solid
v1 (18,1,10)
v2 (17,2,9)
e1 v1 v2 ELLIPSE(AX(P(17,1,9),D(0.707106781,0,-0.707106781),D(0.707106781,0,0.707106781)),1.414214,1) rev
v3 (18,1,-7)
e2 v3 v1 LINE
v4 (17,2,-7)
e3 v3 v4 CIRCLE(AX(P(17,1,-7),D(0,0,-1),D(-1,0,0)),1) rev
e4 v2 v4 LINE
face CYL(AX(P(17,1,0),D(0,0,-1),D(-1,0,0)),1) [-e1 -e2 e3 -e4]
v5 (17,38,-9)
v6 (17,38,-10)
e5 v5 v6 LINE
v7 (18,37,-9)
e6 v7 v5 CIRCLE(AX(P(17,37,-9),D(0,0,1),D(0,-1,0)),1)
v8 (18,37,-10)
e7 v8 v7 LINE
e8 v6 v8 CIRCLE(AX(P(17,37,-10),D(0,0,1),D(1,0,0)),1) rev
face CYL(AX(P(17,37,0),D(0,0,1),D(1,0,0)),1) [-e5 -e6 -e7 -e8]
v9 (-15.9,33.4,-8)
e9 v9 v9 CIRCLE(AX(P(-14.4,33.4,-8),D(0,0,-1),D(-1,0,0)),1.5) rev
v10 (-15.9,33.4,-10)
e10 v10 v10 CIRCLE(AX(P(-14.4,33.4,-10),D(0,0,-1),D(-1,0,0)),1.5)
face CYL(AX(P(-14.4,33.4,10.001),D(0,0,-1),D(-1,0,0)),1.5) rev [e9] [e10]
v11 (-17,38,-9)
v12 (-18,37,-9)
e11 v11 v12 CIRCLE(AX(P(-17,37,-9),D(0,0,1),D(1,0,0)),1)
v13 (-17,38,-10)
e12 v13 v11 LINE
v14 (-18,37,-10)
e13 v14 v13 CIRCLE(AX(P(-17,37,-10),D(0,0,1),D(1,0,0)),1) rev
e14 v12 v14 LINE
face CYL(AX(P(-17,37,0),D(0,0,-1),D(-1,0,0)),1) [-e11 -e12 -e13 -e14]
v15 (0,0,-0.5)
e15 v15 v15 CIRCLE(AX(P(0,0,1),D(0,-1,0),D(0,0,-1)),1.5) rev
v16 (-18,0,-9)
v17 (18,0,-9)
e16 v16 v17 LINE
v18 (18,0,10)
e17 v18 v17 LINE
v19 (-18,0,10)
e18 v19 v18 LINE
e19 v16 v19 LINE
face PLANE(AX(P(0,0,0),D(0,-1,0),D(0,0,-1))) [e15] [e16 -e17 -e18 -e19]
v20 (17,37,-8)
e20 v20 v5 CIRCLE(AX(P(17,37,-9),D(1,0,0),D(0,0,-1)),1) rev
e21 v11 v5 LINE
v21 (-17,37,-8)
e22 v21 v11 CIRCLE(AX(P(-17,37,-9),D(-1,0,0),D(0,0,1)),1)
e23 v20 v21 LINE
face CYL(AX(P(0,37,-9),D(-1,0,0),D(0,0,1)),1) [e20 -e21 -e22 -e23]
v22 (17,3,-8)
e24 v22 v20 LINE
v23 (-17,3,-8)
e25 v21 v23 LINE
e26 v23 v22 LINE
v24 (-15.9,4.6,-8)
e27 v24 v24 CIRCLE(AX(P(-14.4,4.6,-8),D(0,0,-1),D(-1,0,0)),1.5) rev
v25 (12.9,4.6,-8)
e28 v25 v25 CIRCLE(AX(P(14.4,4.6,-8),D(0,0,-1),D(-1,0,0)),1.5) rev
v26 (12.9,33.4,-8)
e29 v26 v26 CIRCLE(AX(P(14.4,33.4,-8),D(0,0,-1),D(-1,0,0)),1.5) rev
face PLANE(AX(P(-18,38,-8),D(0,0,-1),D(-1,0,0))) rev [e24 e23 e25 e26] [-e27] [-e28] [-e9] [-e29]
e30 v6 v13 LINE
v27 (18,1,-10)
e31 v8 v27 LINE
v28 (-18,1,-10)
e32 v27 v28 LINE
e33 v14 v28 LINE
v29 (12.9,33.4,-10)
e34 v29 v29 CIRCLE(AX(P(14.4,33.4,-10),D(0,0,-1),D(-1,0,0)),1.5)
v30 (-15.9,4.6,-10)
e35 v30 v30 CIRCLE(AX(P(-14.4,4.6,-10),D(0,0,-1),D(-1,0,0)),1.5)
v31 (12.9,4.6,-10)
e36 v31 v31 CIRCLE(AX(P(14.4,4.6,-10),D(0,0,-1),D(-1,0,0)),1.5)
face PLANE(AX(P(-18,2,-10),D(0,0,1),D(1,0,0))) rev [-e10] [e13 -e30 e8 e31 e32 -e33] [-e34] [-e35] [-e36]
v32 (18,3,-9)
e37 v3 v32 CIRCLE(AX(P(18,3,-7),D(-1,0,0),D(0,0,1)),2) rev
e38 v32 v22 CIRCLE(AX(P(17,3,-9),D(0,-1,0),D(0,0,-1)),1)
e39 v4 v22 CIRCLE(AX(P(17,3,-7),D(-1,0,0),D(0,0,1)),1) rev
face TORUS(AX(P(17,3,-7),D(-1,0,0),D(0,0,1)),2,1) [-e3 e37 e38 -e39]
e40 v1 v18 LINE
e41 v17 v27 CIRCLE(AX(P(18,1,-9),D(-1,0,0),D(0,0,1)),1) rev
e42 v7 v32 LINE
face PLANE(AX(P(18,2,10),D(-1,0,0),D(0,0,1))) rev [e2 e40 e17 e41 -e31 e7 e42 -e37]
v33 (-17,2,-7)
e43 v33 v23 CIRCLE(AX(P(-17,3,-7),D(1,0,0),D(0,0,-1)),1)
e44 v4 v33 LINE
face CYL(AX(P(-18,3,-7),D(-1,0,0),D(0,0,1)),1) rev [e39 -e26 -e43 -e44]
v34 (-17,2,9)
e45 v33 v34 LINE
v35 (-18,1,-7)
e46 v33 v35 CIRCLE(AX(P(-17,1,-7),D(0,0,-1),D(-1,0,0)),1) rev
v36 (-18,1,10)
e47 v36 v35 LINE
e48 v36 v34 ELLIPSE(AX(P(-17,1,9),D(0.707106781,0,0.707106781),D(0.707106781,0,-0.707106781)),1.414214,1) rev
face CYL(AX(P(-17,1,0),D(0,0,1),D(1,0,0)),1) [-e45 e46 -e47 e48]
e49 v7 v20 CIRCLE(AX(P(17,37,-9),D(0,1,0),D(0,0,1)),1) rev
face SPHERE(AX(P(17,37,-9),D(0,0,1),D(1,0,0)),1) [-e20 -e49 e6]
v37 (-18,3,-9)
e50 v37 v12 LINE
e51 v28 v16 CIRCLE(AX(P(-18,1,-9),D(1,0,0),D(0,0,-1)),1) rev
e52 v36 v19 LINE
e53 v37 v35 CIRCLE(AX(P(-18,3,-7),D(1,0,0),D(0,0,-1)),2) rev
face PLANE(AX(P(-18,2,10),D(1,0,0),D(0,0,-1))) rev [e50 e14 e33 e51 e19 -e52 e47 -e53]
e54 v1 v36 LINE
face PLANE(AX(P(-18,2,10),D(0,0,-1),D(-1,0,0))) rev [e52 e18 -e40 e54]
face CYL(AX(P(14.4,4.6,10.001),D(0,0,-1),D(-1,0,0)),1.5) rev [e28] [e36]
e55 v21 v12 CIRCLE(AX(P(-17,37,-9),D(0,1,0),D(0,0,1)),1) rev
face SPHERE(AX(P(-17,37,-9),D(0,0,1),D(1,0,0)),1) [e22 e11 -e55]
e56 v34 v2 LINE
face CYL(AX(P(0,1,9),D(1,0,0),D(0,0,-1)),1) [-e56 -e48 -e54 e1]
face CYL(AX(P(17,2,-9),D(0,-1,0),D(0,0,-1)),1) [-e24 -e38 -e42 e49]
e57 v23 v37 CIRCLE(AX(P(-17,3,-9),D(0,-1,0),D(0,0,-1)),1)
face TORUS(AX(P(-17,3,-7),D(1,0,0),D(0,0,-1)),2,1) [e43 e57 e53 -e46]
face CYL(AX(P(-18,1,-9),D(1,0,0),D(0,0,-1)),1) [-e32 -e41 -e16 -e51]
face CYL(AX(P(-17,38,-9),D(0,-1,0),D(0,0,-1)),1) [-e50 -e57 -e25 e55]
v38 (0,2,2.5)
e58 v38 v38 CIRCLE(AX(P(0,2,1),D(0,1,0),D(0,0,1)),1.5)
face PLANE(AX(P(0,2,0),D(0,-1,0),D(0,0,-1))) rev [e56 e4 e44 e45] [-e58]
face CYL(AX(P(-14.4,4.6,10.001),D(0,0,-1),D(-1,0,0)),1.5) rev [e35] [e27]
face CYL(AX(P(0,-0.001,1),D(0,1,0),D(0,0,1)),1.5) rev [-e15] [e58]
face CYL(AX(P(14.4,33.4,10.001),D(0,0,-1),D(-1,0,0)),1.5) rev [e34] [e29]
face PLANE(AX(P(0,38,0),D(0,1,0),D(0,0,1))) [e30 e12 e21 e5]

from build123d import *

# Parameters (mm, degrees)
SKETCH1_W           = 36
SKETCH1_H           = 20
BOSS_EXTRUDE1_DEPTH = 2
SKETCH2_W           = 36
SKETCH2_H           = 2
BOSS_EXTRUDE2_DEPTH = 36
CUT_EXTRUDE1_REACH  = 48.562
SKETCH3_R           = 1.5
CUT_EXTRUDE3_REACH  = 43.473
SKETCH4_R           = 1.5
FILLET1_R           = 1


with BuildPart() as part:
    # Sketch1 → Boss-Extrude1 (new body)
    with BuildSketch(Plane(origin=(0, 0, 0), x_dir=(1, 0, 0), z_dir=(0, 1, 0))):
        Rectangle(SKETCH1_W, SKETCH1_H)
    extrude(amount=BOSS_EXTRUDE1_DEPTH)

    # Sketch2 → Boss-Extrude2 (add)
    with BuildSketch(Plane(origin=(0, 2, 0), x_dir=(1, 0, 0), z_dir=(0, 1, 0))):
        with Locations((0, 9)):
            Rectangle(SKETCH2_W, SKETCH2_H)
    extrude(amount=BOSS_EXTRUDE2_DEPTH)

    # Sketch3 → Cut-Extrude1 (cut, up to next)
    with BuildSketch(Plane(origin=(0, 0, -10), x_dir=(-1, 0, 0), z_dir=(0, 0, -1)), mode=Mode.PRIVATE) as cut_extrude1_sk1:
        with Locations((-14.4, 33.4)):
            Circle(SKETCH3_R)
    cut_extrude1_tool1 = extrude(cut_extrude1_sk1.sketch, amount=-CUT_EXTRUDE1_REACH, mode=Mode.PRIVATE) & part.part
    # Sketch3 → Cut-Extrude1 (cut, up to next)
    with BuildSketch(Plane(origin=(0, 0, -10), x_dir=(-1, 0, 0), z_dir=(0, 0, -1)), mode=Mode.PRIVATE) as cut_extrude1_sk2:
        with Locations((14.4, 33.4)):
            Circle(SKETCH3_R)
    cut_extrude1_tool2 = extrude(cut_extrude1_sk2.sketch, amount=-CUT_EXTRUDE1_REACH, mode=Mode.PRIVATE) & part.part
    # Sketch3 → Cut-Extrude1 (cut, up to next)
    with BuildSketch(Plane(origin=(0, 0, -10), x_dir=(-1, 0, 0), z_dir=(0, 0, -1)), mode=Mode.PRIVATE) as cut_extrude1_sk3:
        with Locations((14.4, 4.6)):
            Circle(SKETCH3_R)
    cut_extrude1_tool3 = extrude(cut_extrude1_sk3.sketch, amount=-CUT_EXTRUDE1_REACH, mode=Mode.PRIVATE) & part.part
    # Sketch3 → Cut-Extrude1 (cut, up to next)
    with BuildSketch(Plane(origin=(0, 0, -10), x_dir=(-1, 0, 0), z_dir=(0, 0, -1)), mode=Mode.PRIVATE) as cut_extrude1_sk4:
        with Locations((-14.4, 4.6)):
            Circle(SKETCH3_R)
    cut_extrude1_tool4 = extrude(cut_extrude1_sk4.sketch, amount=-CUT_EXTRUDE1_REACH, mode=Mode.PRIVATE) & part.part
    add(cut_extrude1_tool1.solids().sort_by_distance((14.4, 33.4, -10))[0], mode=Mode.SUBTRACT)
    add(cut_extrude1_tool2.solids().sort_by_distance((-14.4, 33.4, -10))[0], mode=Mode.SUBTRACT)
    add(cut_extrude1_tool3.solids().sort_by_distance((-14.4, 4.6, -10))[0], mode=Mode.SUBTRACT)
    add(cut_extrude1_tool4.solids().sort_by_distance((14.4, 4.6, -10))[0], mode=Mode.SUBTRACT)

    # Sketch4 → Cut-Extrude3 (cut, up to next)
    with BuildSketch(Plane(origin=(0, 2, 0), x_dir=(1, 0, 0), z_dir=(0, 1, 0)), mode=Mode.PRIVATE) as cut_extrude3_sk1:
        with Locations(Location((0, -1, 0), (0, 0, 270))):
            Circle(SKETCH4_R)
    cut_extrude3_tool1 = extrude(cut_extrude3_sk1.sketch, amount=-CUT_EXTRUDE3_REACH, mode=Mode.PRIVATE) & part.part
    add(cut_extrude3_tool1.solids().sort_by_distance((0, 2, 1))[0], mode=Mode.SUBTRACT)

    # Fillet1
    fillet1_edges = [part.edges().sort_by_distance(p)[0] for p in [
        (0, 2, 10),
        (-18, 2, 1),
        (0, 2, -8),
        (-18, 20, -8),
        (18, 20, -8),
        (-18, 38, -9),
        (0, 38, -8),
        (18, 38, -9),
        (18, 2, 1),
        (0, 0, -10),
    ]]
    fillet(fillet1_edges, radius=FILLET1_R)


solid = part.part
